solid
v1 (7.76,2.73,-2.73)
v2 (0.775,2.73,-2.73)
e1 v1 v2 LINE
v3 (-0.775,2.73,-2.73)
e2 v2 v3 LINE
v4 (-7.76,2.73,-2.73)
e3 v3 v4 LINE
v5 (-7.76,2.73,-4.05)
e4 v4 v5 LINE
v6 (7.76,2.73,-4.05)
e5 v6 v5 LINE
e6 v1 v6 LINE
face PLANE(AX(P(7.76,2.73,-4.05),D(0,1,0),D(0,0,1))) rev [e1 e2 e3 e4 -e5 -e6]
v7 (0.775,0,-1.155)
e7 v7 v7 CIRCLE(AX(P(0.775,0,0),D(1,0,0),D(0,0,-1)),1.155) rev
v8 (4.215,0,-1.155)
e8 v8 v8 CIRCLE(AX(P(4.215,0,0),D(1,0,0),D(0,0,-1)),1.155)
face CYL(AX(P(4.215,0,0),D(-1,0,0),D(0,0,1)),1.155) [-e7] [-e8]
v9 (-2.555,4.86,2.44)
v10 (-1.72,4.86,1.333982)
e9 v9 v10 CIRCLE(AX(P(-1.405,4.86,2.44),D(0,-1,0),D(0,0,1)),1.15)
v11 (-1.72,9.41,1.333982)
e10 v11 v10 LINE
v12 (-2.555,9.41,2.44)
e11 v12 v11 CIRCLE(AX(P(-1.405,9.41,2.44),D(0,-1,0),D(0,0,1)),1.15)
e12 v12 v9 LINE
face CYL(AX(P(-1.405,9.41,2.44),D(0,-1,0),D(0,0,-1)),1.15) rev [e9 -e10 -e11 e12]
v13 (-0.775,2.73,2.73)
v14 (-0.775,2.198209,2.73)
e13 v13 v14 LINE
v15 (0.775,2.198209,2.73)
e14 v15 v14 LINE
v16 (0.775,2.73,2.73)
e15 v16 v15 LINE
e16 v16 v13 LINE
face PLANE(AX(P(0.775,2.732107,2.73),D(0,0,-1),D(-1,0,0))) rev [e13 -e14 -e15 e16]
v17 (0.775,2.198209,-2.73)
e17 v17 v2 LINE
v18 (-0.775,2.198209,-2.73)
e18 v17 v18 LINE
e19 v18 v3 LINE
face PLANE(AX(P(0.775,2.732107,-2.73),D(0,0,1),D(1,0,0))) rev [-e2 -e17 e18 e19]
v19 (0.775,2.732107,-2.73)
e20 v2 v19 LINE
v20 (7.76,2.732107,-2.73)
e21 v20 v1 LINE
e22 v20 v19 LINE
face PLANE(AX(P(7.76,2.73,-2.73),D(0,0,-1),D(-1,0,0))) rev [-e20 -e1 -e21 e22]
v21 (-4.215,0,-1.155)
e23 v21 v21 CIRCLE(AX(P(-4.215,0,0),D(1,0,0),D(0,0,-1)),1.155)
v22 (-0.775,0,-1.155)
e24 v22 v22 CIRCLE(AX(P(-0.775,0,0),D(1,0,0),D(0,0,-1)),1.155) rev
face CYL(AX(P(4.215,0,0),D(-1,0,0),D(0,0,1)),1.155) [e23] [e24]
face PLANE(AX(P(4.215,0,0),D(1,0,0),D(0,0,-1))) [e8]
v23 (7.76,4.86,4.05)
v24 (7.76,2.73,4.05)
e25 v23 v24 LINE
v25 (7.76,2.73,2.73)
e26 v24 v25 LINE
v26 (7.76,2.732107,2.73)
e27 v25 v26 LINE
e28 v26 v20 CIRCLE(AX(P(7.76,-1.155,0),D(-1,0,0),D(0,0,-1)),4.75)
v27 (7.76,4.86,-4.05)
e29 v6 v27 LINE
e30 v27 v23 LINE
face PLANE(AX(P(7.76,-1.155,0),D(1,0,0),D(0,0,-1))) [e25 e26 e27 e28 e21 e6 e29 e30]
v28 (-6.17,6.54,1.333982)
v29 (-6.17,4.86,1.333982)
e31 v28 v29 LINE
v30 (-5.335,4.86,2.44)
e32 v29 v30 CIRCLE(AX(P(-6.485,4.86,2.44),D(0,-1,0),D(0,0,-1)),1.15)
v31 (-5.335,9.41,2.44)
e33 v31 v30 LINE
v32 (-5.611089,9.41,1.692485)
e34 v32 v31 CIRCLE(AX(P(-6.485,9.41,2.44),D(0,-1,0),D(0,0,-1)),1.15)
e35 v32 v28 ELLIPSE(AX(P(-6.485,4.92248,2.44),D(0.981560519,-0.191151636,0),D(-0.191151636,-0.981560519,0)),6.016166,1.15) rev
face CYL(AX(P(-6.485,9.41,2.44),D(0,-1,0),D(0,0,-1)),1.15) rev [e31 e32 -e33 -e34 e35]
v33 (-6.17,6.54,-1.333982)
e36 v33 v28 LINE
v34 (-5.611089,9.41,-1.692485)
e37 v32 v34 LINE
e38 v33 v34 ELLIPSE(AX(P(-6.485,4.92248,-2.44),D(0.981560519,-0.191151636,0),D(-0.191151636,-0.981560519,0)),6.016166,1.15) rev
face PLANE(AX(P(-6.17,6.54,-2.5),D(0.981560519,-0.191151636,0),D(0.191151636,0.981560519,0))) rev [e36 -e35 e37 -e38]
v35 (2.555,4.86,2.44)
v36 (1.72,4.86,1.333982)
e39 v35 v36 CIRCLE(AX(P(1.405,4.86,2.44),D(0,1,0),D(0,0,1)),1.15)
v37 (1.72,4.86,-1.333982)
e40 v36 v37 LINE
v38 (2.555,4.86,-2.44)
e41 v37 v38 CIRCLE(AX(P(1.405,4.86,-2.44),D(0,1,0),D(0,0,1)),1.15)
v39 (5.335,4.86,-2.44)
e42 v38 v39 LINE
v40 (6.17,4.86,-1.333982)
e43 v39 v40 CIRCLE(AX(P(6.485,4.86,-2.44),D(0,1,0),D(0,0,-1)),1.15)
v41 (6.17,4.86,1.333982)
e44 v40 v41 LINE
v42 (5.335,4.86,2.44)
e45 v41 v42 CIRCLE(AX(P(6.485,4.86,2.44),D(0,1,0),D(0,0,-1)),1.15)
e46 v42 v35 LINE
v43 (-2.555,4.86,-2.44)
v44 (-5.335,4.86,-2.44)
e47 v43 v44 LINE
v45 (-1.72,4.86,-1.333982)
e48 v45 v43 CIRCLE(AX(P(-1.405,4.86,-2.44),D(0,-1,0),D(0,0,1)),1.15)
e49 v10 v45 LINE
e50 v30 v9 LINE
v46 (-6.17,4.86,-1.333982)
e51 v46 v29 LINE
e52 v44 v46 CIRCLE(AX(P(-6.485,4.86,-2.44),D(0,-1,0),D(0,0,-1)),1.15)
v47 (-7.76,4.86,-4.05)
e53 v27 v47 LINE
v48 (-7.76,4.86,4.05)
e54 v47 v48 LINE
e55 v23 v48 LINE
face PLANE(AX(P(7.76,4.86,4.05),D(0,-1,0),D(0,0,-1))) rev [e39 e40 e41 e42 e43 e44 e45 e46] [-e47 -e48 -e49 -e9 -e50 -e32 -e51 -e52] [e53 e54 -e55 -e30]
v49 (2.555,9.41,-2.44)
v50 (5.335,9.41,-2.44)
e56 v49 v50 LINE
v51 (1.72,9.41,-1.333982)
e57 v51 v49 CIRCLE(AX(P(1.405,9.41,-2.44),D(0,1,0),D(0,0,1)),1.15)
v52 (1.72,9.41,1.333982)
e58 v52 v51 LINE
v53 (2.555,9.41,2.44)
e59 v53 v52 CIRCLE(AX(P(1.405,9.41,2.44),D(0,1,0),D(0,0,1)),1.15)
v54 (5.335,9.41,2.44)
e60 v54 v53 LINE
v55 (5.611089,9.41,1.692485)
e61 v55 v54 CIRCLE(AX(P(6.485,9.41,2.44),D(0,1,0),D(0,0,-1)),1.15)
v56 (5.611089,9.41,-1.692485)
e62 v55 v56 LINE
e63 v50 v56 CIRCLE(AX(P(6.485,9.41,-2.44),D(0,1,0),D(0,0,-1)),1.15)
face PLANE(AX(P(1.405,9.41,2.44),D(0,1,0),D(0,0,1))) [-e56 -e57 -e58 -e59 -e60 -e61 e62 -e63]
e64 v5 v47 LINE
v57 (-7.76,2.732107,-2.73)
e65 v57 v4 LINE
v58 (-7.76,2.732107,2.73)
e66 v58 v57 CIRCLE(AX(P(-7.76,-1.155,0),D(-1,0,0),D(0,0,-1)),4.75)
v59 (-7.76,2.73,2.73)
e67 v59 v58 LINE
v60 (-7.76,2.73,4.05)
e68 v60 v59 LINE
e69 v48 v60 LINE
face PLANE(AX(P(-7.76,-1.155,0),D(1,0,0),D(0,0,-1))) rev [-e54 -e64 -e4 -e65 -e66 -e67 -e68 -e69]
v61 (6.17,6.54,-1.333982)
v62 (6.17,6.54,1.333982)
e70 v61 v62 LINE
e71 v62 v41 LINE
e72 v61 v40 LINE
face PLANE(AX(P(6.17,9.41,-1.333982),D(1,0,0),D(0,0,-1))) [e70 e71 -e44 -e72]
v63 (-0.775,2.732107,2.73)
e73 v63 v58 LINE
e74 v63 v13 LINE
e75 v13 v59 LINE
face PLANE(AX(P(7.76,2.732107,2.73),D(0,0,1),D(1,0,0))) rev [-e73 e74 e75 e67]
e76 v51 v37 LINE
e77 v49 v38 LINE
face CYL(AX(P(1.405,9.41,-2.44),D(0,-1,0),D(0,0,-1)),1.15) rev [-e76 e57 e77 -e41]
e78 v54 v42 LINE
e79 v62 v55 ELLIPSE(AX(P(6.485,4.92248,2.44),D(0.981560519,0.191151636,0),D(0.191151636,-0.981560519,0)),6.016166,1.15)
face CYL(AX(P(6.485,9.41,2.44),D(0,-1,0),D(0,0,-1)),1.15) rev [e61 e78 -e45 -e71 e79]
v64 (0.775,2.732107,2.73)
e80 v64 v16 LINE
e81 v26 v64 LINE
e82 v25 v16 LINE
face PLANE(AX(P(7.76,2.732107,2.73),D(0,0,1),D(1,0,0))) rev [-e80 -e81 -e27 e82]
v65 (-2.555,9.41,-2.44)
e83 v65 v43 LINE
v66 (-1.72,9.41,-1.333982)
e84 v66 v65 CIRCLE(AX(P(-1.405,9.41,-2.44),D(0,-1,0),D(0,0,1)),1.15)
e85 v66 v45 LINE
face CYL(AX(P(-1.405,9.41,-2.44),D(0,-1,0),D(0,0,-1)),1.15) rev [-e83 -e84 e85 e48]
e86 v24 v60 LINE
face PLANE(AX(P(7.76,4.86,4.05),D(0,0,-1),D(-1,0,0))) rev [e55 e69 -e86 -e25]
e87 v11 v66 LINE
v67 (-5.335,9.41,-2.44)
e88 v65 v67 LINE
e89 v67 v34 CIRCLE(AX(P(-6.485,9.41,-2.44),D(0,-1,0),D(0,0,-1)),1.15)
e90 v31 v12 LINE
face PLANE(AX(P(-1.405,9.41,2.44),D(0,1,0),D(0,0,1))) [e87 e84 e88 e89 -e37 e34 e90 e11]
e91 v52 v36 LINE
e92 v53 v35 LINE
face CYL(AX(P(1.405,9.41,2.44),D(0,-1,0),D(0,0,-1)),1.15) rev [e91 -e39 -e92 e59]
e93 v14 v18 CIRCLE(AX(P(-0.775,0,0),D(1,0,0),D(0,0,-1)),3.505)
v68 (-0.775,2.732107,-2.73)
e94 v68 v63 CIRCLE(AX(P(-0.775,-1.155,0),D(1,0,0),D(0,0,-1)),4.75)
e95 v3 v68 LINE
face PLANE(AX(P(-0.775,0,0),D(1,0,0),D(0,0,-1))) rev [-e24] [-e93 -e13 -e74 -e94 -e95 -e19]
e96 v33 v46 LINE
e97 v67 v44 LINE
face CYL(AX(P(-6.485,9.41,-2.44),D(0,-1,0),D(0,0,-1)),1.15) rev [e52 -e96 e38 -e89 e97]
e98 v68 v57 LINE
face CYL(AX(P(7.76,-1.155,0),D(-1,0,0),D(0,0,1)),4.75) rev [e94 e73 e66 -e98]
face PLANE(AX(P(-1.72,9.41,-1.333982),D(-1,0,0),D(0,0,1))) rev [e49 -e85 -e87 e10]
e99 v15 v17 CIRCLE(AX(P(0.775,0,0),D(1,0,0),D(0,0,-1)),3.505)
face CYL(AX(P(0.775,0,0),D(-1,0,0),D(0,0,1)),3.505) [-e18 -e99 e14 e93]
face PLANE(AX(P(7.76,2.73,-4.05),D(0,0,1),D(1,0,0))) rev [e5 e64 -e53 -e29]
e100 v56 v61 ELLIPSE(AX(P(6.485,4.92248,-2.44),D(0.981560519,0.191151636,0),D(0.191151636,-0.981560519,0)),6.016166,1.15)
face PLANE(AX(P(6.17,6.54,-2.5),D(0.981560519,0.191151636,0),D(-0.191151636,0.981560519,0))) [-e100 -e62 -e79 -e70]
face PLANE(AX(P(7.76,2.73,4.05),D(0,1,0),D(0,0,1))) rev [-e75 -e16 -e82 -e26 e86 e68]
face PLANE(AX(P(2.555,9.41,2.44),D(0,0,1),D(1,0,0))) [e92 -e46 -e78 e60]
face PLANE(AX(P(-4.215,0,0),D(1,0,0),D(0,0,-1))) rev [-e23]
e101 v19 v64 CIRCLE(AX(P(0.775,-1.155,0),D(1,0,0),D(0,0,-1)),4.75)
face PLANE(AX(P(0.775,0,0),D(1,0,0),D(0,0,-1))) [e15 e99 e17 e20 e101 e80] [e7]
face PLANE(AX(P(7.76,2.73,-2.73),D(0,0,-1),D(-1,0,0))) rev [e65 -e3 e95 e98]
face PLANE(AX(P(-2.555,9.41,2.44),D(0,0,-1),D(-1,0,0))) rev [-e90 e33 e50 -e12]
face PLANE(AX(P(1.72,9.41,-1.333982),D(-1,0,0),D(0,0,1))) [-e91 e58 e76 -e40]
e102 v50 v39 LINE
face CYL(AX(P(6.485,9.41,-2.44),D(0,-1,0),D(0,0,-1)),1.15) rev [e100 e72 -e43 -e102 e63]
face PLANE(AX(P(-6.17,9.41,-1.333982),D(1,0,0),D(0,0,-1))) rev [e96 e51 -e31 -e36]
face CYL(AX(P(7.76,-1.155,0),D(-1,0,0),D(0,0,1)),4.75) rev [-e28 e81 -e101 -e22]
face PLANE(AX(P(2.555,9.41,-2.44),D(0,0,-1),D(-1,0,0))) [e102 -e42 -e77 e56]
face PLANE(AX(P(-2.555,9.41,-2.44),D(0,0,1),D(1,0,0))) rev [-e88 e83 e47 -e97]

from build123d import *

# Parameters (mm, degrees)
EXTRUDE_1_DEPTH     = 0.775
SKETCH_2_R          = 1.155
EXTRUDE_2_DEPTH     = 4.215
EXTRUDE_3_DEPTH     = 7.76
EXTRUDE_4_DEPTH     = 4.55
CUT_EXTRUDE_1_DEPTH = 2.5


with BuildPart() as part:
    # 스케치1 → 보스-돌출1 (new body, symmetric)
    with BuildSketch(Plane(origin=(0, 0, 0), x_dir=(0, 0, -1), z_dir=(1, 0, 0))):
        with BuildLine():
            Line((-2.73, 2.732106893), (-2.73, 2.198209499))
            ThreePointArc((-2.73, 2.198209499), (0, -3.505), (2.73, 2.198209499))
            Line((2.73, 2.198209499), (2.73, 2.732106893))
            ThreePointArc((2.73, 2.732106893), (0, 3.595), (-2.73, 2.732106893))
        make_face()
    extrude(amount=EXTRUDE_1_DEPTH, both=True)

    # 스케치2 → 보스-돌출2 (add, symmetric)
    with BuildSketch(Plane(origin=(0, 0, 0), x_dir=(0, 0, -1), z_dir=(1, 0, 0))):
        Circle(SKETCH_2_R)
    extrude(amount=EXTRUDE_2_DEPTH, both=True)

    # 스케치3 → 보스-돌출3 (add, symmetric)
    with BuildSketch(Plane(origin=(0, 0, 0), x_dir=(0, 0, -1), z_dir=(1, 0, 0))):
        with BuildLine():
            Line((-4.05, 2.73), (-2.73, 2.73))
            Line((-2.73, 2.73), (-2.73, 2.732106893))
            ThreePointArc((-2.73, 2.732106893), (0, 3.595), (2.73, 2.732106893))
            Line((2.73, 2.732106893), (2.73, 2.73))
            Line((2.73, 2.73), (4.05, 2.73))
            Line((4.05, 2.73), (4.05, 4.86))
            Line((4.05, 4.86), (-4.05, 4.86))
            Line((-4.05, 4.86), (-4.05, 2.73))
        make_face()
    extrude(amount=EXTRUDE_3_DEPTH, both=True)

    # 스케치4 → 보스-돌출4 (add)
    with BuildSketch(Plane(origin=(0, 4.86, 0), x_dir=(1, 0, 0), z_dir=(0, 1, 0))):
        with BuildLine():
            Line((-2.555, -2.44), (-5.335, -2.44))
            ThreePointArc((-5.335, -2.44), (-5.567190107, -1.747089472), (-6.17, -1.333982369))
            Line((-6.17, -1.333982369), (-6.17, 1.333982369))
            ThreePointArc((-6.17, 1.333982369), (-5.567190107, 1.747089472), (-5.335, 2.44))
            Line((-5.335, 2.44), (-2.555, 2.44))
            ThreePointArc((-2.555, 2.44), (-2.322809893, 1.747089472), (-1.72, 1.333982369))
            Line((-1.72, 1.333982369), (-1.72, -1.333982369))
            ThreePointArc((-1.72, -1.333982369), (-2.322809893, -1.747089472), (-2.555, -2.44))
        make_face()
    extrude_4 = extrude(amount=EXTRUDE_4_DEPTH)

    # 스케치5 → 컷-돌출1 (cut, symmetric)
    with BuildSketch(Plane.XY):
        Polygon((-6.17, 6.54), (-5.611088771, 9.41), (-6.17, 9.41), align=None)
    cut_extrude_1 = extrude(amount=CUT_EXTRUDE_1_DEPTH, both=True, mode=Mode.SUBTRACT)

    # 대칭 복사1: 보스-돌출4, 컷-돌출1 across plane
    add(extrude_4.mirror(Plane(origin=(0, 0, 0), x_dir=(0, 0, 1), z_dir=(1, 0, 0))))
    add(cut_extrude_1.mirror(Plane(origin=(0, 0, 0), x_dir=(0, 0, 1), z_dir=(1, 0, 0))), mode=Mode.SUBTRACT)


solid = part.part
